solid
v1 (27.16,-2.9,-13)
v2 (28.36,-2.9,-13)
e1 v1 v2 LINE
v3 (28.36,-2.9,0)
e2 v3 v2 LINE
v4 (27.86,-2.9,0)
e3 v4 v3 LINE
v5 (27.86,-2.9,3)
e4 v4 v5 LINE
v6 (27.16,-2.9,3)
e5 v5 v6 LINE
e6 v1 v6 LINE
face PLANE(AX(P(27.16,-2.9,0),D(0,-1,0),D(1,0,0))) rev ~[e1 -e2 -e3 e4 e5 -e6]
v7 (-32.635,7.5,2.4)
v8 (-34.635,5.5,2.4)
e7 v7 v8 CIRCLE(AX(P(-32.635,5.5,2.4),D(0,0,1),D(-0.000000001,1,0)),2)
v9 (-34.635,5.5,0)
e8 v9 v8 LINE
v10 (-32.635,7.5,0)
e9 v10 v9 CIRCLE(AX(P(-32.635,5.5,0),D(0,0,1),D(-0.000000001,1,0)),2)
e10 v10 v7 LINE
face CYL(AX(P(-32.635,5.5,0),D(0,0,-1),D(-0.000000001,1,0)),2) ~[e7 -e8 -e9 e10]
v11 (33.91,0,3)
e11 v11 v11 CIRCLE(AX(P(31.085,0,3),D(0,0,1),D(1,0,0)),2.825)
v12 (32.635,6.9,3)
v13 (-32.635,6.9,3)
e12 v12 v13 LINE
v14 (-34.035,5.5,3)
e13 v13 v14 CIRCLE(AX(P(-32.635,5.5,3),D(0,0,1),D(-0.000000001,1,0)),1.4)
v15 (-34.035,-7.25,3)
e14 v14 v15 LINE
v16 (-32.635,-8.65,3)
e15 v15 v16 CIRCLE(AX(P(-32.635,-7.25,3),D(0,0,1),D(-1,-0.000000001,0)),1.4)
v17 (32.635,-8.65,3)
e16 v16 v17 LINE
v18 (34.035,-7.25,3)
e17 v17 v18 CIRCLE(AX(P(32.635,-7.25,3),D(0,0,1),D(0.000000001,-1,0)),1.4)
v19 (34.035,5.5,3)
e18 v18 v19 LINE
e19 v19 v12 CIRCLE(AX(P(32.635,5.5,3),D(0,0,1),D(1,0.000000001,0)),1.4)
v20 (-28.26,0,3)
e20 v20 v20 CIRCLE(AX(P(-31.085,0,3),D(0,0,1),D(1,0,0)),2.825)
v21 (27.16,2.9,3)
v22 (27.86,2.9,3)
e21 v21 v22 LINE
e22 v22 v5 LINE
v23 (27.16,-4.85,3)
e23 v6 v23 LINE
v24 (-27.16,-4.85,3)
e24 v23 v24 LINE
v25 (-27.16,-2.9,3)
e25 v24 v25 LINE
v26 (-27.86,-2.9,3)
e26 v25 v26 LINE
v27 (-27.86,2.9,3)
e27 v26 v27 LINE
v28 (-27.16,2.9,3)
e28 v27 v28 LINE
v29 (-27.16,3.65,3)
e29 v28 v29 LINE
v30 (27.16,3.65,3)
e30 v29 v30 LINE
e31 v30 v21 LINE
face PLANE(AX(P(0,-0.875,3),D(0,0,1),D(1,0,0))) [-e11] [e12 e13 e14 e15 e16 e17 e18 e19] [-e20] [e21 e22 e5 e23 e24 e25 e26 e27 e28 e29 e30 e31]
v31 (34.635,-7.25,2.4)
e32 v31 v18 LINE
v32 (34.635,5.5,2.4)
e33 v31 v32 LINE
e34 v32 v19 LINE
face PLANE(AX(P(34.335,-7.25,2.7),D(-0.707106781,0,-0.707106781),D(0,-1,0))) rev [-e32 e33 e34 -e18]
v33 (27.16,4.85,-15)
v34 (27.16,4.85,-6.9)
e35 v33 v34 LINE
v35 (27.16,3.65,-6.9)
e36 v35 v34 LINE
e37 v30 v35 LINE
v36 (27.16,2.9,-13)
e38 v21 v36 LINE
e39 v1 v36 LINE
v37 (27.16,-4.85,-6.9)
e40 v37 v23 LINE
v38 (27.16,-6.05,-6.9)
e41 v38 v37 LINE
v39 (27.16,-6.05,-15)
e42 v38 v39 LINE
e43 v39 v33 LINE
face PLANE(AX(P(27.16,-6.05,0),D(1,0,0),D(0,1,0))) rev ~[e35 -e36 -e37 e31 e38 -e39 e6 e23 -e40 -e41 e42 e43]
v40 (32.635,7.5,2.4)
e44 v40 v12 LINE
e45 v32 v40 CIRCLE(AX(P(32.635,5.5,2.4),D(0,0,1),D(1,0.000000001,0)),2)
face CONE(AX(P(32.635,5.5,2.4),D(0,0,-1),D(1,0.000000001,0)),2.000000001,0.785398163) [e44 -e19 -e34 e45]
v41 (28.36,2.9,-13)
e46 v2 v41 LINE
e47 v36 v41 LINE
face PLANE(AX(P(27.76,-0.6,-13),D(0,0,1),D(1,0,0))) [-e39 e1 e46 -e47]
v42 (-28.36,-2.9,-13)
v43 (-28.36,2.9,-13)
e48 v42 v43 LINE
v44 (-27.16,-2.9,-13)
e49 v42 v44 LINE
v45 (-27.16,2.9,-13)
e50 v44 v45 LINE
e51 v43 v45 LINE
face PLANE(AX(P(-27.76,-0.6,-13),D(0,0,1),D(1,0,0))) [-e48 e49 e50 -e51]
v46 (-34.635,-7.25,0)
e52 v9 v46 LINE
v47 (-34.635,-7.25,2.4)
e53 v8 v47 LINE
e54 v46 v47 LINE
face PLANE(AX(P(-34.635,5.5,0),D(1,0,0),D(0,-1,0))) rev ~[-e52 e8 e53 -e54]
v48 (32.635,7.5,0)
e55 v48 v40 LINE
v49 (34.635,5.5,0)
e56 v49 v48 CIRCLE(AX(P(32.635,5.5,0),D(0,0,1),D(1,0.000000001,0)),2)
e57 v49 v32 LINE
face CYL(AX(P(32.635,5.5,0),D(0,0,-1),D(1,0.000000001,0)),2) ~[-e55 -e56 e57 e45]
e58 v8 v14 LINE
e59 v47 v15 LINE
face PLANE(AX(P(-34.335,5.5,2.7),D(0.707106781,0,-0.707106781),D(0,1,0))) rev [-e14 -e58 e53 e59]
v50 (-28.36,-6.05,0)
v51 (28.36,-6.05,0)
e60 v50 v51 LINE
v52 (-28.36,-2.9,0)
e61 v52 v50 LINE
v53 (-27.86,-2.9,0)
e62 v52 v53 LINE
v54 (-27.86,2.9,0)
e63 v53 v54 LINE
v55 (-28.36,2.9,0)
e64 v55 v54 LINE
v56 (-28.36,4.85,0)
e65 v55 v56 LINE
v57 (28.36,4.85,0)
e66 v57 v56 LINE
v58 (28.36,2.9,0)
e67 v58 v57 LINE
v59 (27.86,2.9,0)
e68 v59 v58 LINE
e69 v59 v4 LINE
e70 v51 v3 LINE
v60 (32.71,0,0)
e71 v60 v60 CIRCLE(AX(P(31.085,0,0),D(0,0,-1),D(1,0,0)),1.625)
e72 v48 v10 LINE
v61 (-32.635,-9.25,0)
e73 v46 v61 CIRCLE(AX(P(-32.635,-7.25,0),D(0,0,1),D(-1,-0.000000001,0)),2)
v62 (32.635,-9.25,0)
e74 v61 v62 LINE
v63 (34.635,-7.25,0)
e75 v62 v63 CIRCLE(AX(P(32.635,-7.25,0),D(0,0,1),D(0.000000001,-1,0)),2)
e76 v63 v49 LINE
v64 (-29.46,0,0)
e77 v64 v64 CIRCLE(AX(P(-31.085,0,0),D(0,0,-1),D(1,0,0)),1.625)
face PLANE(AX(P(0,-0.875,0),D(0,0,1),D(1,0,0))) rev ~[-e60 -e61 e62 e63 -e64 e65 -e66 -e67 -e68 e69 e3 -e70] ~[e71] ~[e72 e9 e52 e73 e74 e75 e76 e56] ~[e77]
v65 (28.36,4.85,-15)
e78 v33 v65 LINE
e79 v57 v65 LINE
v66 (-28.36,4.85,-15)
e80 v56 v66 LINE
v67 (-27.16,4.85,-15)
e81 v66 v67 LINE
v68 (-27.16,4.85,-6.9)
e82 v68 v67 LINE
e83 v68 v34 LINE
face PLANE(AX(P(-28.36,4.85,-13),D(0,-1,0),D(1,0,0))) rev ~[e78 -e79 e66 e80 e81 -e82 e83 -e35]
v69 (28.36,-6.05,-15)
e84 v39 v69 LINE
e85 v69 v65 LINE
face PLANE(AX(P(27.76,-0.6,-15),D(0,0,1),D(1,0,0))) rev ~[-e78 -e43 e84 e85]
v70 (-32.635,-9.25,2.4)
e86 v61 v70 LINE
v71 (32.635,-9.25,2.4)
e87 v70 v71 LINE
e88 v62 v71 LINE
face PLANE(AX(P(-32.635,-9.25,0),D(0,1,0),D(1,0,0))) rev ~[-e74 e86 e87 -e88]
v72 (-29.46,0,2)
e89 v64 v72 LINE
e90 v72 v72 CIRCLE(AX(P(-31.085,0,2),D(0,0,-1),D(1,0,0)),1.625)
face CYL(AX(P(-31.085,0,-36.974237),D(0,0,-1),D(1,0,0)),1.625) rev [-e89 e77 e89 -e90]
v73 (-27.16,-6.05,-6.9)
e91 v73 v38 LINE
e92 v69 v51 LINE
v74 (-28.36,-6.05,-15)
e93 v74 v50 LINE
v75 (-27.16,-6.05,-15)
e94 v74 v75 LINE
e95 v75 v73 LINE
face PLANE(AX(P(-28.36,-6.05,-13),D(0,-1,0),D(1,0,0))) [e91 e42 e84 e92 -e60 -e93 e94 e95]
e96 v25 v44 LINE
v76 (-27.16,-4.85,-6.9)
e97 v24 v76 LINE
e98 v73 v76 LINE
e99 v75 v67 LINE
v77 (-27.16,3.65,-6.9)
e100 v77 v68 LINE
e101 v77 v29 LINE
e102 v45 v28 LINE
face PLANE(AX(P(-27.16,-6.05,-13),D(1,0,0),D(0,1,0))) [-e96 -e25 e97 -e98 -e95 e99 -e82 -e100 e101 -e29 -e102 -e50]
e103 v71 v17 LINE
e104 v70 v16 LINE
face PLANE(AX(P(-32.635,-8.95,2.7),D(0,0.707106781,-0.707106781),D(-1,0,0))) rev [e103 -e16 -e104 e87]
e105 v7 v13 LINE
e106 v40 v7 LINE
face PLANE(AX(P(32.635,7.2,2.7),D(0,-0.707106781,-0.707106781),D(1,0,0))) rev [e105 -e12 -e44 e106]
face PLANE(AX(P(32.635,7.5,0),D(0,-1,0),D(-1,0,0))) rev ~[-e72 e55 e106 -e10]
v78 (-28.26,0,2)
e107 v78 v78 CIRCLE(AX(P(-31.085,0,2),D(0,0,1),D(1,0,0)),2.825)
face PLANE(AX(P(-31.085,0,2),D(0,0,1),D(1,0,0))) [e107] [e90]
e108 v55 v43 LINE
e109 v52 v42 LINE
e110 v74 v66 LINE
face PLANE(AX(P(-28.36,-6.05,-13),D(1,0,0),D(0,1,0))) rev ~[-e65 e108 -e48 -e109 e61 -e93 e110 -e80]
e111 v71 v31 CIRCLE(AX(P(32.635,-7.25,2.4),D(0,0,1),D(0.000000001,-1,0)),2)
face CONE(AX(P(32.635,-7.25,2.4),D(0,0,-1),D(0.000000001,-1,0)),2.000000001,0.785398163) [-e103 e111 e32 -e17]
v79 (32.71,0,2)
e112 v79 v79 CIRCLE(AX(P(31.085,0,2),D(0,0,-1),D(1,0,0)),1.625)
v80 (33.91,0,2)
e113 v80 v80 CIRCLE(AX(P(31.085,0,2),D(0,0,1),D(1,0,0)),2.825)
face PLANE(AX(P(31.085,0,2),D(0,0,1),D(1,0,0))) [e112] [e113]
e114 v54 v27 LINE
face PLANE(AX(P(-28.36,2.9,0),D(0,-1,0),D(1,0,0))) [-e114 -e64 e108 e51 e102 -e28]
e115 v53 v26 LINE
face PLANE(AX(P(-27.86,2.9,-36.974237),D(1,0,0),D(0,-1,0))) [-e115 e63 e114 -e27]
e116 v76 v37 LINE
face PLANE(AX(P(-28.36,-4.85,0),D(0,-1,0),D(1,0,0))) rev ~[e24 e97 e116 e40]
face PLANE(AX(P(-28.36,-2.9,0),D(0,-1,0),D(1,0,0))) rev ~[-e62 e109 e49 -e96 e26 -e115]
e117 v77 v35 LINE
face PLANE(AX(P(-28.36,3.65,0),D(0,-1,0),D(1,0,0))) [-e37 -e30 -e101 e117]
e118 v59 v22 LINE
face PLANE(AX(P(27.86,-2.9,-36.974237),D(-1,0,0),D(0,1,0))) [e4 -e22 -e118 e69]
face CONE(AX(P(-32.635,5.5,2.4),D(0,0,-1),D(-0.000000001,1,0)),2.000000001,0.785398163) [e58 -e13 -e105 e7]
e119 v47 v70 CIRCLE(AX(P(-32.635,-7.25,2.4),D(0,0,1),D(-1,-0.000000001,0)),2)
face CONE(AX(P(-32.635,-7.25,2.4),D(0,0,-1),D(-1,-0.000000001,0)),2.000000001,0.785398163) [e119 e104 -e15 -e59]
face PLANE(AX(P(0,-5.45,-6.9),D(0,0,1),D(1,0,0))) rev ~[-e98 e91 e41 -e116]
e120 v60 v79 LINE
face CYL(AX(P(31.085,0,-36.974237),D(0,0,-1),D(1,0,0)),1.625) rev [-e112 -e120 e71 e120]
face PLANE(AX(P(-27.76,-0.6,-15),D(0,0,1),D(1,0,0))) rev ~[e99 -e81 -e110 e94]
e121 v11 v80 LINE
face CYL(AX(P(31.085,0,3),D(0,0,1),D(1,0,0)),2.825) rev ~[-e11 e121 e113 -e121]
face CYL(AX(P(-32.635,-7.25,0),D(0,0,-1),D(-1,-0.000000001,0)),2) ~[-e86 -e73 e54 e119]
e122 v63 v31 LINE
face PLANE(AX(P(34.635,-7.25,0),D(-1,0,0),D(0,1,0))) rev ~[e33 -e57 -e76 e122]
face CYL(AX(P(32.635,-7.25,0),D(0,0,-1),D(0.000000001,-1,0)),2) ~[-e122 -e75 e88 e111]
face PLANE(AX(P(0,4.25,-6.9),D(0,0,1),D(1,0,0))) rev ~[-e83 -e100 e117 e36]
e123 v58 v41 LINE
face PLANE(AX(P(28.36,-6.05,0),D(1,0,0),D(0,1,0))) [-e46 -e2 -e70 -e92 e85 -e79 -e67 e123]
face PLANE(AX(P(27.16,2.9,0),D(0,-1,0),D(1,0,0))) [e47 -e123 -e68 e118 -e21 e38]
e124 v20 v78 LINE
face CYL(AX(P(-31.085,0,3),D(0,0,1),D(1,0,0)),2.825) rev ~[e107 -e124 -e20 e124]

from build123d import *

# Parameters (mm, degrees)
FLANGE_DEPTH             = 3
FRONT_BEVEL_SIZE         = 0.6
OPENING_HOLES_DEPTH      = 36.974236962
OPENING_HOLES_DEPTH_BACK = 36.974236962
SK_OPENING_R             = 1.625
SK_COUNTERBORE_R         = 2.825
COUNTERBORE_DEPTH        = 1
SK_LONG_WALLS_W          = 56.72
SK_LONG_WALLS_H          = 1.2
LONG_WALLS_DEPTH         = 6.9
SK_LEGS_W                = 1.2
SK_LEGS_H                = 1.95
SK_LEGS_H_2              = 3.15
LEGS_DEPTH               = 13
SK_LEG_TIES_W            = 1.2
SK_LEG_TIES_H            = 10.9
LEG_TIES_DEPTH           = 2


with BuildPart() as part:
    # SK Flange → Flange (new body)
    with BuildSketch(Plane.XY):
        with BuildLine():
            Line((-32.635, -9.25), (32.635, -9.25))
            ThreePointArc((32.635, -9.25), (34.049213562, -8.664213562), (34.635, -7.25))
            Line((34.635, -7.25), (34.635, 5.5))
            ThreePointArc((34.635, 5.5), (34.049213562, 6.914213562), (32.635, 7.5))
            Line((32.635, 7.5), (-32.635, 7.5))
            ThreePointArc((-32.635, 7.5), (-34.049213562, 6.914213562), (-34.635, 5.5))
            Line((-34.635, 5.5), (-34.635, -7.25))
            ThreePointArc((-34.635, -7.25), (-34.049213562, -8.664213562), (-32.635, -9.25))
        make_face()
    extrude(amount=FLANGE_DEPTH)

    # Front bevel
    front_bevel_edges = [part.edges().sort_by_distance(p)[0] for p in [
        (34.049213562, -8.664213562, 3),
        (34.635, -0.875, 3),
        (34.049213562, 6.914213562, 3),
        (0, 7.5, 3),
        (-34.049213562, 6.914213562, 3),
        (-34.635, -0.875, 3),
        (-34.049213562, -8.664213562, 3),
        (0, -9.25, 3),
    ]]
    chamfer(front_bevel_edges, length=FRONT_BEVEL_SIZE)

    # SK Opening → Opening + holes (cut, two sides: drawn at the far end of the back side and taken through both)
    with BuildSketch(Plane.XY.offset(-OPENING_HOLES_DEPTH_BACK)):
        with Locations((-31.085, 0)):
            Circle(SK_OPENING_R)
        with Locations((31.085, 0)):
            Circle(SK_OPENING_R)
        Polygon((-27.16, -4.85), (27.16, -4.85), (27.16, -2.9), (27.86, -2.9), (27.86, 2.9), (27.16, 2.9), (27.16, 3.65), (-27.16, 3.65), (-27.16, 2.9), (-27.86, 2.9), (-27.86, -2.9), (-27.16, -2.9), align=None)
    extrude(amount=OPENING_HOLES_DEPTH + OPENING_HOLES_DEPTH_BACK, mode=Mode.SUBTRACT)

    # SK Counterbore → Counterbore (cut)
    with BuildSketch(Plane.XY.offset(3)):
        with Locations((-31.085, 0)):
            Circle(SK_COUNTERBORE_R)
        with Locations((31.085, 0)):
            Circle(SK_COUNTERBORE_R)
    extrude(amount=-COUNTERBORE_DEPTH, mode=Mode.SUBTRACT)

    # SK Long walls → Long walls (add)
    with BuildSketch(Plane.XY):
        with Locations((0, 4.25)):
            Rectangle(SK_LONG_WALLS_W, SK_LONG_WALLS_H)
        with Locations((0, -5.45)):
            Rectangle(SK_LONG_WALLS_W, SK_LONG_WALLS_H)
    extrude(amount=-LONG_WALLS_DEPTH)

    # SK Legs → Legs (add)
    with BuildSketch(Plane.XY):
        with Locations((-27.76, 3.875)):
            Rectangle(SK_LEGS_W, SK_LEGS_H)
        with Locations((-27.76, -4.475)):
            Rectangle(SK_LEGS_W, SK_LEGS_H_2)
        with Locations((27.76, 3.875)):
            Rectangle(SK_LEGS_W, SK_LEGS_H)
        with Locations((27.76, -4.475)):
            Rectangle(SK_LEGS_W, SK_LEGS_H_2)
    extrude(amount=-LEGS_DEPTH)

    # SK Leg ties → Leg ties (add)
    with BuildSketch(Plane.XY.offset(-13)):
        with Locations((-27.76, -0.6)):
            Rectangle(SK_LEG_TIES_W, SK_LEG_TIES_H)
        with Locations((27.76, -0.6)):
            Rectangle(SK_LEG_TIES_W, SK_LEG_TIES_H)
    extrude(amount=-LEG_TIES_DEPTH)


solid = part.part
